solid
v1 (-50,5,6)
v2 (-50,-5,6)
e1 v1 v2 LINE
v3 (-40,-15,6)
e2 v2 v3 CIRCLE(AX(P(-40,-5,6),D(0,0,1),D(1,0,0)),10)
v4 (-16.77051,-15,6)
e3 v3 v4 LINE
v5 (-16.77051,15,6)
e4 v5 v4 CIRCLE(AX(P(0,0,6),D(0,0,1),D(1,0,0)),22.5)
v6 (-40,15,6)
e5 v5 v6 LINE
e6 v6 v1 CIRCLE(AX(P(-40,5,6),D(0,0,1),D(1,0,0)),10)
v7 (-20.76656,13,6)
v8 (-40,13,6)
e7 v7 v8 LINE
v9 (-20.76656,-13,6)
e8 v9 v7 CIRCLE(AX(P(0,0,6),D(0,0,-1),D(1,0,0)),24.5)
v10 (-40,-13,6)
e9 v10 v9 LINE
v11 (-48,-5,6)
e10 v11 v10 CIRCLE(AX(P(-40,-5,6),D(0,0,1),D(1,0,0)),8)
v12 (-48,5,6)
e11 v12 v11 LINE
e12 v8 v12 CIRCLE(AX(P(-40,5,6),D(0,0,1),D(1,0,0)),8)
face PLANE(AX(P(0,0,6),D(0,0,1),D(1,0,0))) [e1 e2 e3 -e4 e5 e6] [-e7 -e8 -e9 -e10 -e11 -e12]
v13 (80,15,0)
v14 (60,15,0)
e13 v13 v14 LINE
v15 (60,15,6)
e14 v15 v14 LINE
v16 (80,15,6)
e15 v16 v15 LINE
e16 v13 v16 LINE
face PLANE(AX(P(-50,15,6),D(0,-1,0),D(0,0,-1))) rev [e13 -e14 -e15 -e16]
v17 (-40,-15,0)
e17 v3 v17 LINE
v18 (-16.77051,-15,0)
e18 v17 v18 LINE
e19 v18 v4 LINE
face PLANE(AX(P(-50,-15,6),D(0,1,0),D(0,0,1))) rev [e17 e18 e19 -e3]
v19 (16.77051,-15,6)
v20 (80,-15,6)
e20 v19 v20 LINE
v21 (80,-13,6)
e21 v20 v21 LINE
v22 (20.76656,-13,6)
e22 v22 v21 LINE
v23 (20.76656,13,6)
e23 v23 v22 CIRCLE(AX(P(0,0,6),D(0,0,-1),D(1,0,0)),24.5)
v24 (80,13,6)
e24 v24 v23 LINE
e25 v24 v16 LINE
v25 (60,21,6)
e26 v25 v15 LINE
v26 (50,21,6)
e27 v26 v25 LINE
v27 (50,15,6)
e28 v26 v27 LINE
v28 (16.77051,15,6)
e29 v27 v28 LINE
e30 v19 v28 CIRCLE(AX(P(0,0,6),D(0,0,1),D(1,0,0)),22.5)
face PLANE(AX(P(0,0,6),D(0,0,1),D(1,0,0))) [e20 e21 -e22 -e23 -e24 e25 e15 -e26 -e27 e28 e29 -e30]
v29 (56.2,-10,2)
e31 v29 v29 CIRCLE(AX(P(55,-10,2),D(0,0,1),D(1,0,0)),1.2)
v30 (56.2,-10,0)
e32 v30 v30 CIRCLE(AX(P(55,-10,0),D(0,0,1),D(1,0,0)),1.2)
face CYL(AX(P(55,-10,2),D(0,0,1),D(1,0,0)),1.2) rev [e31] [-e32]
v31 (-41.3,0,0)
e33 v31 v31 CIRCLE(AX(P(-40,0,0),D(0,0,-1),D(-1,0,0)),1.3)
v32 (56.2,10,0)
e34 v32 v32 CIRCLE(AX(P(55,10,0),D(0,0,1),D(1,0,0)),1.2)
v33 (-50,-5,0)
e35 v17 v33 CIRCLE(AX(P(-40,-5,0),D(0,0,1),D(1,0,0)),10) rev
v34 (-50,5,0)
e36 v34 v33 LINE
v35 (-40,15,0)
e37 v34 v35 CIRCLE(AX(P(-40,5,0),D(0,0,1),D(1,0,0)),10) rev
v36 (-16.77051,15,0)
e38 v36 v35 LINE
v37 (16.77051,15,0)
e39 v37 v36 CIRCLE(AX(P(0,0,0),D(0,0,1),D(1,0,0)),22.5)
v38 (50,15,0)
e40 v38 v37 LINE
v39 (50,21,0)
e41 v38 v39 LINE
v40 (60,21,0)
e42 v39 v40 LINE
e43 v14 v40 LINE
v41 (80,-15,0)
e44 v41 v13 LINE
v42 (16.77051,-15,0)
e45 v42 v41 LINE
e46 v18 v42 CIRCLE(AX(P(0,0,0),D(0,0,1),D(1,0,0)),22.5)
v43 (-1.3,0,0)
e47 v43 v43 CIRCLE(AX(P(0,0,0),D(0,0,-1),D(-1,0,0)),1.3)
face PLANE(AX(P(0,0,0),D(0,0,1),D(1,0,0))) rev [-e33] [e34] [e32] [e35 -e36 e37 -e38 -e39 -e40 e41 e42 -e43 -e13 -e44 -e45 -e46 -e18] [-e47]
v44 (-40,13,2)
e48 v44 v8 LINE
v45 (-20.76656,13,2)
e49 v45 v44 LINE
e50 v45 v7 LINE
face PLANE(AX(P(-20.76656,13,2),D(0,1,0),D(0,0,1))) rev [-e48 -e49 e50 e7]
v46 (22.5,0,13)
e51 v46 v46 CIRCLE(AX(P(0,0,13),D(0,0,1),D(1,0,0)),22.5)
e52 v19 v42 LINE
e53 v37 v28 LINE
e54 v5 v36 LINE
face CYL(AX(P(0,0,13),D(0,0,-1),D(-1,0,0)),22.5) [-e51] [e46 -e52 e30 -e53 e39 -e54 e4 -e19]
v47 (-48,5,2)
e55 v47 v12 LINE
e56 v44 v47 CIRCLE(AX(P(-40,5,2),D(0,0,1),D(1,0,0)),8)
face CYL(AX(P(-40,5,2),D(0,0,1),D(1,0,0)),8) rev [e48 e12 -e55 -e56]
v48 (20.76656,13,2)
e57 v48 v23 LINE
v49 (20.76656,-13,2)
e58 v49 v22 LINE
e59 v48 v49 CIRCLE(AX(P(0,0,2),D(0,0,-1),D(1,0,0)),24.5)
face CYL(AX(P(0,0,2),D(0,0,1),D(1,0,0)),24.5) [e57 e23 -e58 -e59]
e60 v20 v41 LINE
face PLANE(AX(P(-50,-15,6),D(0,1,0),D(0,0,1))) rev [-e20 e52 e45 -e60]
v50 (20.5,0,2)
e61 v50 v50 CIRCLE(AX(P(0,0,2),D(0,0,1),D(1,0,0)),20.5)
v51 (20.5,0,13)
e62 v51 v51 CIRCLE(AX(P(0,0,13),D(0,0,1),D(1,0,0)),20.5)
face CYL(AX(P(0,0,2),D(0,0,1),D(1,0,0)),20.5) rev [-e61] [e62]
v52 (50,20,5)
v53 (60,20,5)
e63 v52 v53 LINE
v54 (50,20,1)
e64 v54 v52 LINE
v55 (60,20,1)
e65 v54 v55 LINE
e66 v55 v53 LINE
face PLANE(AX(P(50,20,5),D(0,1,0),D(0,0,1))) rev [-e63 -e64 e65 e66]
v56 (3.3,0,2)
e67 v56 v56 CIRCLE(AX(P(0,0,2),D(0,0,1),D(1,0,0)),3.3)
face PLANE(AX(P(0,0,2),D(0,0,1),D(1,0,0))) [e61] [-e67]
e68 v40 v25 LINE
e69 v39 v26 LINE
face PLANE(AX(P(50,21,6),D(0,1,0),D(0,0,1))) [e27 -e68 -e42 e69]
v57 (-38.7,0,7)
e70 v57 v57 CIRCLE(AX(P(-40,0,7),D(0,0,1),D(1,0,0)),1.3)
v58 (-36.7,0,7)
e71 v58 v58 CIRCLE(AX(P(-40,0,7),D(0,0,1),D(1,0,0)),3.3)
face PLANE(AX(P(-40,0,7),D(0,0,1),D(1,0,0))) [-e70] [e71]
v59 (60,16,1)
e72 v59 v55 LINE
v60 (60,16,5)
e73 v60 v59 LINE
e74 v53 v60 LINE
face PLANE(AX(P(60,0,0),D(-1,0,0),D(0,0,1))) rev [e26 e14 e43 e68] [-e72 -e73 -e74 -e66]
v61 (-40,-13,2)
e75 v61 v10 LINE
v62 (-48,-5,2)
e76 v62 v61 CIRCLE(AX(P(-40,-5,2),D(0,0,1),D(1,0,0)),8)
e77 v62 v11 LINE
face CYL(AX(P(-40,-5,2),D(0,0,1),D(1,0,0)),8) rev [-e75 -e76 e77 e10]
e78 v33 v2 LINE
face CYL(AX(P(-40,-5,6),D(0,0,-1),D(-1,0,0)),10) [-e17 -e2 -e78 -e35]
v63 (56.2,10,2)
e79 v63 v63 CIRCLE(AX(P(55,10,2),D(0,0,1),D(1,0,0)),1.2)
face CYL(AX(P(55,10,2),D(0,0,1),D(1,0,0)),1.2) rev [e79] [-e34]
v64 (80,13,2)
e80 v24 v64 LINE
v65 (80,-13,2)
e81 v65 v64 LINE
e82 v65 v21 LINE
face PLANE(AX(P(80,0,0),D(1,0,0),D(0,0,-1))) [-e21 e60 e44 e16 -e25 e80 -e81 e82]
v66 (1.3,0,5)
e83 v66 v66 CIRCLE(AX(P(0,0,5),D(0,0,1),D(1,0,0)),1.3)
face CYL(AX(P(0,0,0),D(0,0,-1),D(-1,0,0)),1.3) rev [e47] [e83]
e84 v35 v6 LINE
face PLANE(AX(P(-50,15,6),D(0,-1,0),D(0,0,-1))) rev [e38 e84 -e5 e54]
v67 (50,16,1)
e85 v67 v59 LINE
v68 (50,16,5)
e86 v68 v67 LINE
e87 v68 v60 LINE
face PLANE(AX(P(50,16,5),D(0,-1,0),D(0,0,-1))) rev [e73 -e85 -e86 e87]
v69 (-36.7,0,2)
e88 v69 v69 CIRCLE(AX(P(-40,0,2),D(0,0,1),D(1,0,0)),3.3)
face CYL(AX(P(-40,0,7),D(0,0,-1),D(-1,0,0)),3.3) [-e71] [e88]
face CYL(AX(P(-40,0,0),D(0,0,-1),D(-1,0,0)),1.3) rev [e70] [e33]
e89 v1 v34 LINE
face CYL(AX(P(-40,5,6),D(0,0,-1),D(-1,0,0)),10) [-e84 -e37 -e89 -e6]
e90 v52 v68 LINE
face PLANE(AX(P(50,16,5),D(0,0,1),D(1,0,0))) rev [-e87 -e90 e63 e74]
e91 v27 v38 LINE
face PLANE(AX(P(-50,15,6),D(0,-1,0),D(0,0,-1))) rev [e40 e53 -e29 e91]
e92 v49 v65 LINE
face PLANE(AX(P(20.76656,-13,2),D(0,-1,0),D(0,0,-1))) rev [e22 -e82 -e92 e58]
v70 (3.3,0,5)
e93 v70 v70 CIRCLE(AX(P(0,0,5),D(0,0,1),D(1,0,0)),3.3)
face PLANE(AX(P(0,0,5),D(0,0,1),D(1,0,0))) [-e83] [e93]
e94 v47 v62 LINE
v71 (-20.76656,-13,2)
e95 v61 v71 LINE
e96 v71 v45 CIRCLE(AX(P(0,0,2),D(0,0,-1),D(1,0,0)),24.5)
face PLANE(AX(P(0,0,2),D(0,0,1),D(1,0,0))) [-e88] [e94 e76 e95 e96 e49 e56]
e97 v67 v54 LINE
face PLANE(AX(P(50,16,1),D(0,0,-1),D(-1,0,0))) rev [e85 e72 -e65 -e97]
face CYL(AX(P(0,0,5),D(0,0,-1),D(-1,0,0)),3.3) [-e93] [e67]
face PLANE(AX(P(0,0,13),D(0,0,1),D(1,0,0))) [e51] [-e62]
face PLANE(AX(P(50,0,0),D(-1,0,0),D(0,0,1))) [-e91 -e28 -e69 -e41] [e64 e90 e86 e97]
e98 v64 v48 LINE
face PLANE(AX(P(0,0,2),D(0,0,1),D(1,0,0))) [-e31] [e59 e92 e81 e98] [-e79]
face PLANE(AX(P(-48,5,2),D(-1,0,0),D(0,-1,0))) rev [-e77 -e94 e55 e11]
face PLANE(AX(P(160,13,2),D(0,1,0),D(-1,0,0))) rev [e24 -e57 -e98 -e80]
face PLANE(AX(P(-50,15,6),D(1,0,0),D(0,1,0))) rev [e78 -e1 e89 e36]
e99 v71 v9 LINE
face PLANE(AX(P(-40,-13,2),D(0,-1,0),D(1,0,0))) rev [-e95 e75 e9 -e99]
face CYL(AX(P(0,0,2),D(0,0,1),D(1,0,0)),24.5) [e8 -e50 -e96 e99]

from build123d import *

# Parameters (mm, degrees)
SZKIC1_R                    = 22.5
DODANIE_WYCI_GNI_CIE2_DEPTH = 13
SZKIC2_W                    = 220
SZKIC2_H                    = 30
DODANIE_WYCI_GNI_CIE3_DEPTH = 6
ZAOKR_GLENIE1_R             = 10
SZKIC4_R                    = 20.5
WYTNIJ_WYCI_GNI_CIE3_DEPTH  = 11
WYTNIJ_WYCI_GNI_CIE2_DEPTH  = 4
WYTNIJ_WYCI_GNI_CIE4_REACH  = 173.975
SZKIC8_W                    = 23
SZKIC8_H                    = 14
SZKIC12_R                   = 3.3
DODANIE_WYCI_GNI_CIE4_DEPTH = 3
OTW_R_POD_RUB_M21_D         = 2.6
OTW_R_POD_RUB_M23_D         = 2.6
SZKIC14_R                   = 3.3
DODANIE_WYCI_GNI_CIE5_DEPTH = 5
OTW_R_POD_RUB_M24_D         = 2.6
SZKIC15_W                   = 6
SZKIC15_H                   = 6
SZKIC15_W_2                 = 4
SZKIC15_H_2                 = 4
DODANIE_WYCI_GNI_CIE6_DEPTH = 10
SZYK_LINIOWY1_COUNT         = 2
SZYK_LINIOWY1_PITCH         = 70
OTW_R_POD_RUB_M25_D         = 2.4


with BuildPart() as part:
    # Szkic1 → Dodanie-wyciągnięcie2 (new body)
    with BuildSketch(Plane.XY):
        with Locations(Location((0, 0, 0), (0, 0, 180))):
            Circle(SZKIC1_R)
    extrude(amount=DODANIE_WYCI_GNI_CIE2_DEPTH)

    # Szkic2 → Dodanie-wyciągnięcie3 (add)
    with BuildSketch(Plane.XY):
        with Locations((60, 0)):
            Rectangle(SZKIC2_W, SZKIC2_H)
    extrude(amount=DODANIE_WYCI_GNI_CIE3_DEPTH)

    # Zaokrąglenie1
    zaokr_glenie1_edges = [part.edges().sort_by_distance(p)[0] for p in [
        (170, 15, 3),
        (-50, -15, 3),
        (170, -15, 3),
        (-50, 15, 3),
    ]]
    fillet(zaokr_glenie1_edges, radius=ZAOKR_GLENIE1_R)

    # Szkic4 → Wytnij-wyciągnięcie3 (cut)
    with BuildSketch(Plane.XY.offset(13)):
        Circle(SZKIC4_R)
    extrude(amount=-WYTNIJ_WYCI_GNI_CIE3_DEPTH, mode=Mode.SUBTRACT)

    # Szkic3 → Wytnij-wyciągnięcie2 (cut)
    with BuildSketch(Plane.XY.offset(6)):
        with BuildLine():
            Line((168, -5), (168, 5))
            ThreePointArc((168, 5), (165.656854249, 10.656854249), (160, 13))
            Line((160, 13), (20.766559657, 13))
            ThreePointArc((20.766559657, 13), (24.5, 0), (20.766559657, -13))
            Line((20.766559657, -13), (160, -13))
            ThreePointArc((160, -13), (165.656854249, -10.656854249), (168, -5))
        make_face()
        with BuildLine():
            Line((-48, 5), (-48, -5))
            ThreePointArc((-48, -5), (-45.656854249, -10.656854249), (-40, -13))
            Line((-40, -13), (-20.766559657, -13))
            ThreePointArc((-20.766559657, -13), (-24.5, 0), (-20.766559657, 13))
            Line((-20.766559657, 13), (-40, 13))
            ThreePointArc((-40, 13), (-45.656854249, 10.656854249), (-48, 5))
        make_face()
    extrude(amount=-WYTNIJ_WYCI_GNI_CIE2_DEPTH, mode=Mode.SUBTRACT)

    # Szkic8 → Wytnij-wyciągnięcie4 (cut, up to next)
    with BuildSketch(Plane.XY, mode=Mode.PRIVATE) as wytnij_wyci_gni_cie4_sk1:
        with Locations((150, 0)):
            Rectangle(SZKIC8_W, SZKIC8_H)
    wytnij_wyci_gni_cie4_tool1 = extrude(wytnij_wyci_gni_cie4_sk1.sketch, amount=WYTNIJ_WYCI_GNI_CIE4_REACH, mode=Mode.PRIVATE) & part.part
    add(wytnij_wyci_gni_cie4_tool1.solids().sort_by_distance((150, 0, 0))[0], mode=Mode.SUBTRACT)

    # Szkic12 → Dodanie-wyciągnięcie4 (add)
    with BuildSketch(Plane.XY.offset(2)):
        Circle(SZKIC12_R)
    extrude(amount=DODANIE_WYCI_GNI_CIE4_DEPTH)

    # Otwór pod śrubę M21 (through all)
    with Locations(Plane(origin=(0, 0, 0), x_dir=(1, 0, 0), z_dir=(0, 0, -1))):
        with Locations((0, 0)):
            Hole(OTW_R_POD_RUB_M21_D / 2)

    # Otwór pod śrubę M23 (through all)
    with Locations(Plane(origin=(0, 0, 0), x_dir=(1, 0, 0), z_dir=(0, 0, -1))):
        with Locations((136, 0), (164, 0)):
            Hole(OTW_R_POD_RUB_M23_D / 2)

    # Szkic14 → Dodanie-wyciągnięcie5 (add)
    with BuildSketch(Plane.XY.offset(2)):
        with Locations((-40, 0)):
            Circle(SZKIC14_R)
    extrude(amount=DODANIE_WYCI_GNI_CIE5_DEPTH)

    # Otwór pod śrubę M24 (through all)
    with Locations(Plane(origin=(-40, 0, 0), x_dir=(-1, 0, 0), z_dir=(0, 0, -1))):
        with Locations((0, 0)):
            Hole(OTW_R_POD_RUB_M24_D / 2)

    # Szkic15 → Dodanie-wyciągnięcie6 (add)
    with BuildSketch(Plane(origin=(130, 0, 0), x_dir=(0, 0, -1), z_dir=(1, 0, 0))):
        with Locations((-3, 18)):
            Rectangle(SZKIC15_W, SZKIC15_H)
        with Locations((-3, 18)):
            Rectangle(SZKIC15_W_2, SZKIC15_H_2, mode=Mode.SUBTRACT)
    dodanie_wyci_gni_cie6 = extrude(amount=-DODANIE_WYCI_GNI_CIE6_DEPTH)

    # Szyk liniowy1: Dodanie-wyciągnięcie6 ×2
    with Locations(*[(-i * SZYK_LINIOWY1_PITCH, 0, 0) for i in range(1, SZYK_LINIOWY1_COUNT)]):
        add(dodanie_wyci_gni_cie6)

    # Otwór pod śrubę M25 (through all)
    with Locations(Plane.XY.offset(2)):
        with Locations((55, -10), (105, -10), (105, 10), (55, 10)):
            Hole(OTW_R_POD_RUB_M25_D / 2)

    # Cięcie powierzchnią1
    split(bisect_by=Plane(origin=(80, 0, 0), x_dir=(0, 0, -1), z_dir=(1, 0, 0)), keep=Keep.BOTTOM)


solid = part.part
